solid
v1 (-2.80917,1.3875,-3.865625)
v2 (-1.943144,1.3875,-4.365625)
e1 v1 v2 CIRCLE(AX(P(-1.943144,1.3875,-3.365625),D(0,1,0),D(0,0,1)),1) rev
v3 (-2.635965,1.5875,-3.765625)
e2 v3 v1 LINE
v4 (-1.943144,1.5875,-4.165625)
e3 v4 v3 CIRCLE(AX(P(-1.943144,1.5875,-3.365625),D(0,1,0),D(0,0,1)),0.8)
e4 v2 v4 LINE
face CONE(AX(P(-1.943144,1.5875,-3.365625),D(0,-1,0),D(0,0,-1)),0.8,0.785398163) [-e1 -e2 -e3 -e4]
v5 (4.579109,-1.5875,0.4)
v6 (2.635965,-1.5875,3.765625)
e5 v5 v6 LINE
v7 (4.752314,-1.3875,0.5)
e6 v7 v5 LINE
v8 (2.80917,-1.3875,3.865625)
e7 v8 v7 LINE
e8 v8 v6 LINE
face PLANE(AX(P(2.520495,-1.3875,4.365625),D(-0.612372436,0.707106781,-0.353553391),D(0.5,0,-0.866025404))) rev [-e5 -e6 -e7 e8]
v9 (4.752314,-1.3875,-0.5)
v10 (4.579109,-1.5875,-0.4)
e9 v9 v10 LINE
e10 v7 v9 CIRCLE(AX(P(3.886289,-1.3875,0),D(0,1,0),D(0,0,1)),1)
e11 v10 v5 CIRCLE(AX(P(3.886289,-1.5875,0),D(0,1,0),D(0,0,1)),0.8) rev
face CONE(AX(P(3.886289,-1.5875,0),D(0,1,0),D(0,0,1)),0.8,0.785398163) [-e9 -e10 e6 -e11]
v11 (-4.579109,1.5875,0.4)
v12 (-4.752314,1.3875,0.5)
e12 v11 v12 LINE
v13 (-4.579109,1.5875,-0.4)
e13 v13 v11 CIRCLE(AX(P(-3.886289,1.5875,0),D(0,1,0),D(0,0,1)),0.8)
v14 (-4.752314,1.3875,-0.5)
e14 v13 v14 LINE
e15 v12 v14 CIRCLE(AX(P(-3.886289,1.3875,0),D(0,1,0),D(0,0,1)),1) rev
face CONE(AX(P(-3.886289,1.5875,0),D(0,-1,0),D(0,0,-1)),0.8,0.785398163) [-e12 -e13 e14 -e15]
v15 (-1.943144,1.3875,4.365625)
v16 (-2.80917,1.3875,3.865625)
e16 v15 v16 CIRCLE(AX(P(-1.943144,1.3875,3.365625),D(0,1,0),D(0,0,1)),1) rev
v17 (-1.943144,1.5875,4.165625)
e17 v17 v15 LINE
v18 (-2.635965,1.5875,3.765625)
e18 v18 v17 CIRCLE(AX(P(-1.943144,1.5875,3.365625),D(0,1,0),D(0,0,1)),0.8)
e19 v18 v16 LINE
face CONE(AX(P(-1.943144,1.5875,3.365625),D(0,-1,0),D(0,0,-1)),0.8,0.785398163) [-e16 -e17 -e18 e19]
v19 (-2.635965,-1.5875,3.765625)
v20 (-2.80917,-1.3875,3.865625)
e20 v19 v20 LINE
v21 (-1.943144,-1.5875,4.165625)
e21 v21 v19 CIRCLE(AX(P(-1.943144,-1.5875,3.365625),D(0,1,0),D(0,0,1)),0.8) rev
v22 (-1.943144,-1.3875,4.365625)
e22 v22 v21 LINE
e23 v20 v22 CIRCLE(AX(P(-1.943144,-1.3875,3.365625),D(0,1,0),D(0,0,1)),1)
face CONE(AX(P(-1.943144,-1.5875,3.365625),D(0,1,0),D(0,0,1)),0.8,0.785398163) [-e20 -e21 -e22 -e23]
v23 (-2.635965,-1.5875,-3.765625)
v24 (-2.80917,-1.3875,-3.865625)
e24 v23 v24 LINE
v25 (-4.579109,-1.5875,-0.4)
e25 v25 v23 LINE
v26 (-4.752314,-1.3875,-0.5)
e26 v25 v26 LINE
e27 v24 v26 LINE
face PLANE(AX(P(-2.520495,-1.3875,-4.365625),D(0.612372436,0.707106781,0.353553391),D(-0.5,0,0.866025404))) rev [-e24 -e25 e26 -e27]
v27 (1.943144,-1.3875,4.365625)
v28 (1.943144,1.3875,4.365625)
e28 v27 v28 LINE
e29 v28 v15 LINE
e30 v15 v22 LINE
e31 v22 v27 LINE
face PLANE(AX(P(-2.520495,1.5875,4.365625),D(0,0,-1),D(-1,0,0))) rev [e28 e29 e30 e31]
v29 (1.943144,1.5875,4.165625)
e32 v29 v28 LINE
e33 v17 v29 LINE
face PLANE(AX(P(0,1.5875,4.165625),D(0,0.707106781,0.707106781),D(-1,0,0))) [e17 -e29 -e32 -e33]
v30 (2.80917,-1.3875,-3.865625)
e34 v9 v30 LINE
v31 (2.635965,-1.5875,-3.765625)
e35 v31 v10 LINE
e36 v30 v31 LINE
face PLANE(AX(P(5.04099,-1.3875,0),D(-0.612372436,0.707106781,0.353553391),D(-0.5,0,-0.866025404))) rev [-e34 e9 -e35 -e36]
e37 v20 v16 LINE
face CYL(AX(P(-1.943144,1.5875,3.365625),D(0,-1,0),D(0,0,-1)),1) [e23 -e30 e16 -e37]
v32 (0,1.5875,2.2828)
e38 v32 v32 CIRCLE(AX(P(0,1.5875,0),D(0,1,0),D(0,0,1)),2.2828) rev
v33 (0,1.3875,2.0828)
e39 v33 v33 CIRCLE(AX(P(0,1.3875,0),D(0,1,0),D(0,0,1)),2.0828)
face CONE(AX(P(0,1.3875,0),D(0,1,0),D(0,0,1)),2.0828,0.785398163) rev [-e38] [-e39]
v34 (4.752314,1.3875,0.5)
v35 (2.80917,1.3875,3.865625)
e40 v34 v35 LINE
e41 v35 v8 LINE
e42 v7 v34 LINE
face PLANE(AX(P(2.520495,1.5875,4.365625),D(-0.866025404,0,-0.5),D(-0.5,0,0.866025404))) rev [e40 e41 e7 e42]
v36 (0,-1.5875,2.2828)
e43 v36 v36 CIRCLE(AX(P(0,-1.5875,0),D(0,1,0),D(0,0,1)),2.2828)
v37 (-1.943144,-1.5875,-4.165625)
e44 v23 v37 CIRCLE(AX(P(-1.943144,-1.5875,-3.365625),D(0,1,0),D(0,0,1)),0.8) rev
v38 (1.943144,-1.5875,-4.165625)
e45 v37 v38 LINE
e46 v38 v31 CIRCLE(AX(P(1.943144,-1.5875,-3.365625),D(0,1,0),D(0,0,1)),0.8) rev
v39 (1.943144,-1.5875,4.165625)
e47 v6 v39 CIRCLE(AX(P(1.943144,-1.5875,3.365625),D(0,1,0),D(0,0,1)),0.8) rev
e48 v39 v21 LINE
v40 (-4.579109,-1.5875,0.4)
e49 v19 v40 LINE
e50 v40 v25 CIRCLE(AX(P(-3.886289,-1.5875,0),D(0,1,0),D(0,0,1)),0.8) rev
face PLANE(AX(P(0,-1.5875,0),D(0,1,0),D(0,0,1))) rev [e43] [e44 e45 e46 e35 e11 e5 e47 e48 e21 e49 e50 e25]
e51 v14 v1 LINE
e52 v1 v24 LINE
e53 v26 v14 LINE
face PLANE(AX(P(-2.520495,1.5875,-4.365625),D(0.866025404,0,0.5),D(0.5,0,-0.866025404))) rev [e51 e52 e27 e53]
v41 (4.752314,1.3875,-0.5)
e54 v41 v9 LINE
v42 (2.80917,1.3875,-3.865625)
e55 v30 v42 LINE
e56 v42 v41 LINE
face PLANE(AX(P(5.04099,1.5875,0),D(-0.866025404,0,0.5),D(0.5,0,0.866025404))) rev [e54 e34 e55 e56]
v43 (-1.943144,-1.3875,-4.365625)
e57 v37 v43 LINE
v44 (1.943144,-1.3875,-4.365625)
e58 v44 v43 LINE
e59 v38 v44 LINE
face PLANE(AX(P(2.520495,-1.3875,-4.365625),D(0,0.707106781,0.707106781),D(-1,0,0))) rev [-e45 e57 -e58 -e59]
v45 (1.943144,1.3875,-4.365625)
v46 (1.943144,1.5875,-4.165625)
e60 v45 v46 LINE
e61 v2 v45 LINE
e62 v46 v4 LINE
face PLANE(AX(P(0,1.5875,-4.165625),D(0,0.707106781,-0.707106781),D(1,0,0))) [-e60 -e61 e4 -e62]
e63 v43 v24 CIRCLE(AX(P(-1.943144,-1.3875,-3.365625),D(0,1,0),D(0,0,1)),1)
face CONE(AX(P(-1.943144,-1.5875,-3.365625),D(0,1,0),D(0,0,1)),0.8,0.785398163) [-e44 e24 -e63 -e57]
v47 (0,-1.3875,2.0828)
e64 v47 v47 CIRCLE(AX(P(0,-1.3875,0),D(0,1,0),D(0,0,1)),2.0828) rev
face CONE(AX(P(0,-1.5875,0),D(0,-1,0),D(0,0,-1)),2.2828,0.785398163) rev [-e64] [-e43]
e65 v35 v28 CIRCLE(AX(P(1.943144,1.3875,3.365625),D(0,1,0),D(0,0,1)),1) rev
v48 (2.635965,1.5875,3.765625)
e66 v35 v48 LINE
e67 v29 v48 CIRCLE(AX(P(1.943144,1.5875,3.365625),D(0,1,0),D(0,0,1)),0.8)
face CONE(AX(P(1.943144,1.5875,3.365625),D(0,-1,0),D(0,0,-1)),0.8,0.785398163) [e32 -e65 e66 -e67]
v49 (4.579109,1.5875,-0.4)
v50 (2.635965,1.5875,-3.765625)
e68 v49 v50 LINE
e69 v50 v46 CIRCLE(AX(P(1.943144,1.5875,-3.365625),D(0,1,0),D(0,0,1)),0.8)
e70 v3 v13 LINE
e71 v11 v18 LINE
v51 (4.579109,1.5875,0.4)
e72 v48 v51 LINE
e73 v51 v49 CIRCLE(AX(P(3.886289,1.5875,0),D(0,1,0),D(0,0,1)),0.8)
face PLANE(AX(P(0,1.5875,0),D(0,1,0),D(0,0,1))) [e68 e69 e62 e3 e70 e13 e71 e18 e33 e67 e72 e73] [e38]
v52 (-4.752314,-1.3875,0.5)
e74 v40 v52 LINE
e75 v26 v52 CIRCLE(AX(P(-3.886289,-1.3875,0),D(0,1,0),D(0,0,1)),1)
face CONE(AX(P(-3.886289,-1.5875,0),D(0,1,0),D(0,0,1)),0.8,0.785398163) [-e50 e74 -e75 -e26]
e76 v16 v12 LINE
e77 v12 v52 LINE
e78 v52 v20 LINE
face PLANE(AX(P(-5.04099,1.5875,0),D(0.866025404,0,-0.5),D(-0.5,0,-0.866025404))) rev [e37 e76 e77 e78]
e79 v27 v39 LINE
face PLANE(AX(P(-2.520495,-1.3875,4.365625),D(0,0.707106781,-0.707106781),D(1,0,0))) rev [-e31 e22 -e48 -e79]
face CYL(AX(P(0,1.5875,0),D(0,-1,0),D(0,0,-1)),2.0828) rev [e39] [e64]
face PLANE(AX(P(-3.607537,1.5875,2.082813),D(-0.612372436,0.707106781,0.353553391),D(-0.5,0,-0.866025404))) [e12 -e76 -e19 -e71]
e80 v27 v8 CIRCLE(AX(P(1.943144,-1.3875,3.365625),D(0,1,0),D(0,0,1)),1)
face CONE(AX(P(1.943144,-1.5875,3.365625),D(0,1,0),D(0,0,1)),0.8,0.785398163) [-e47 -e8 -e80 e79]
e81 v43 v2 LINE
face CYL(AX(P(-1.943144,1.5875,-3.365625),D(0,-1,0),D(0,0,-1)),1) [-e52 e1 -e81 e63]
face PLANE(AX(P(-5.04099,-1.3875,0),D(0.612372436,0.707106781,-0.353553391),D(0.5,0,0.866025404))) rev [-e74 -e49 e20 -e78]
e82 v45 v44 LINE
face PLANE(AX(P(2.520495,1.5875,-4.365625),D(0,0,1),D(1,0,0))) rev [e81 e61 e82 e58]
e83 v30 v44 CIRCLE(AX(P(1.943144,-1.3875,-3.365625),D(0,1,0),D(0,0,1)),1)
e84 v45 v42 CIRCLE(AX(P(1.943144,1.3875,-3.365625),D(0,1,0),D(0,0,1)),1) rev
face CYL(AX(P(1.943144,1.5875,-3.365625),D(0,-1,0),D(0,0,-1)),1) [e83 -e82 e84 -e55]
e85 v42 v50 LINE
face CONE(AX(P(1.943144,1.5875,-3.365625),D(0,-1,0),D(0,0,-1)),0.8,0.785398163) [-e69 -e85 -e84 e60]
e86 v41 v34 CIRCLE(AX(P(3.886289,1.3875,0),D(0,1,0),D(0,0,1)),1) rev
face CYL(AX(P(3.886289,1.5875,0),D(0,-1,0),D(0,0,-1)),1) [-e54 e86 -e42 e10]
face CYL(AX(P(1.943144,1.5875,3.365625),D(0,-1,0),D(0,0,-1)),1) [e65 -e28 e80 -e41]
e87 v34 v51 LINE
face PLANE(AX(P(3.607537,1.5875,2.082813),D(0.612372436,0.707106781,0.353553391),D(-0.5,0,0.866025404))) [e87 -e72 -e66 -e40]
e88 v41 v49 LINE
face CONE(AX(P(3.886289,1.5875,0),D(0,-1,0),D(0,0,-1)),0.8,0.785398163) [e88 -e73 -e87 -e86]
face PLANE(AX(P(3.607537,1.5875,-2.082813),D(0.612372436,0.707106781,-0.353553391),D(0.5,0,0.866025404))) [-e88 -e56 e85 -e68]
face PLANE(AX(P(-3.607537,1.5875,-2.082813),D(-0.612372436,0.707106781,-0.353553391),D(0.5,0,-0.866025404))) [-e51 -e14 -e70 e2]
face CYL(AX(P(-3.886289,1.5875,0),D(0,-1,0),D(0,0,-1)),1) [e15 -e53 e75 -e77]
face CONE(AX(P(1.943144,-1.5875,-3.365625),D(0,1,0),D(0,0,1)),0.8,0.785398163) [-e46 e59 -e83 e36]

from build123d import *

# Parameters (mm, degrees)
SKETCH1_R           = 2.0828
BOSS_EXTRUDE1_DEPTH = 1.5875
FILLET1_R           = 1
CHAMFER1_SIZE       = 0.2


with BuildPart() as part:
    # Sketch1 → Boss-Extrude1 (new body, symmetric)
    with BuildSketch(Plane(origin=(0, 0, 0), x_dir=(1, 0, 0), z_dir=(0, 1, 0))):
        Polygon((2.520494769, 4.365625), (-2.520494769, 4.365625), (-5.040989538, 0), (-2.520494769, -4.365625), (2.520494769, -4.365625), (5.040989538, 0), align=None)
        Circle(SKETCH1_R, mode=Mode.SUBTRACT)
    extrude(amount=BOSS_EXTRUDE1_DEPTH, both=True)

    # Fillet1
    fillet1_edges = [part.edges().sort_by_distance(p)[0] for p in [
        (5.040989538, 0, 0),
        (2.520494769, 0, 4.365625),
        (-2.520494769, 0, 4.365625),
        (-5.040989538, 0, 0),
        (-2.520494769, 0, -4.365625),
        (2.520494769, 0, -4.365625),
    ]]
    fillet(fillet1_edges, radius=FILLET1_R)

    # Chamfer1
    chamfer1_edges = [part.edges().sort_by_distance(p)[0] for p in [
        (-2.0828, -1.5875, 0),
        (-2.0828, 1.5875, 0),
        (3.780742153, -1.5875, -2.1828125),
        (3.780742153, 1.5875, -2.1828125),
        (3.780742153, -1.5875, 2.1828125),
        (0, -1.5875, 4.365625),
        (-3.780742153, -1.5875, 2.1828125),
        (-3.780742153, -1.5875, -2.1828125),
        (0, -1.5875, -4.365625),
        (-2.4431445, -1.5875, 4.231650404),
        (2.4431445, -1.5875, -4.231650404),
        (-2.4431445, -1.5875, -4.231650404),
        (-4.886288999, -1.5875, 0),
        (2.4431445, -1.5875, 4.231650404),
        (4.886288999, -1.5875, 0),
        (3.780742153, 1.5875, 2.1828125),
        (0, 1.5875, -4.365625),
        (-3.780742153, 1.5875, -2.1828125),
        (-3.780742153, 1.5875, 2.1828125),
        (0, 1.5875, 4.365625),
        (-2.4431445, 1.5875, 4.231650404),
        (2.4431445, 1.5875, -4.231650404),
        (-2.4431445, 1.5875, -4.231650404),
        (-4.886288999, 1.5875, 0),
        (2.4431445, 1.5875, 4.231650404),
        (4.886288999, 1.5875, 0),
    ]]
    chamfer(chamfer1_edges, length=CHAMFER1_SIZE)


solid = part.part
